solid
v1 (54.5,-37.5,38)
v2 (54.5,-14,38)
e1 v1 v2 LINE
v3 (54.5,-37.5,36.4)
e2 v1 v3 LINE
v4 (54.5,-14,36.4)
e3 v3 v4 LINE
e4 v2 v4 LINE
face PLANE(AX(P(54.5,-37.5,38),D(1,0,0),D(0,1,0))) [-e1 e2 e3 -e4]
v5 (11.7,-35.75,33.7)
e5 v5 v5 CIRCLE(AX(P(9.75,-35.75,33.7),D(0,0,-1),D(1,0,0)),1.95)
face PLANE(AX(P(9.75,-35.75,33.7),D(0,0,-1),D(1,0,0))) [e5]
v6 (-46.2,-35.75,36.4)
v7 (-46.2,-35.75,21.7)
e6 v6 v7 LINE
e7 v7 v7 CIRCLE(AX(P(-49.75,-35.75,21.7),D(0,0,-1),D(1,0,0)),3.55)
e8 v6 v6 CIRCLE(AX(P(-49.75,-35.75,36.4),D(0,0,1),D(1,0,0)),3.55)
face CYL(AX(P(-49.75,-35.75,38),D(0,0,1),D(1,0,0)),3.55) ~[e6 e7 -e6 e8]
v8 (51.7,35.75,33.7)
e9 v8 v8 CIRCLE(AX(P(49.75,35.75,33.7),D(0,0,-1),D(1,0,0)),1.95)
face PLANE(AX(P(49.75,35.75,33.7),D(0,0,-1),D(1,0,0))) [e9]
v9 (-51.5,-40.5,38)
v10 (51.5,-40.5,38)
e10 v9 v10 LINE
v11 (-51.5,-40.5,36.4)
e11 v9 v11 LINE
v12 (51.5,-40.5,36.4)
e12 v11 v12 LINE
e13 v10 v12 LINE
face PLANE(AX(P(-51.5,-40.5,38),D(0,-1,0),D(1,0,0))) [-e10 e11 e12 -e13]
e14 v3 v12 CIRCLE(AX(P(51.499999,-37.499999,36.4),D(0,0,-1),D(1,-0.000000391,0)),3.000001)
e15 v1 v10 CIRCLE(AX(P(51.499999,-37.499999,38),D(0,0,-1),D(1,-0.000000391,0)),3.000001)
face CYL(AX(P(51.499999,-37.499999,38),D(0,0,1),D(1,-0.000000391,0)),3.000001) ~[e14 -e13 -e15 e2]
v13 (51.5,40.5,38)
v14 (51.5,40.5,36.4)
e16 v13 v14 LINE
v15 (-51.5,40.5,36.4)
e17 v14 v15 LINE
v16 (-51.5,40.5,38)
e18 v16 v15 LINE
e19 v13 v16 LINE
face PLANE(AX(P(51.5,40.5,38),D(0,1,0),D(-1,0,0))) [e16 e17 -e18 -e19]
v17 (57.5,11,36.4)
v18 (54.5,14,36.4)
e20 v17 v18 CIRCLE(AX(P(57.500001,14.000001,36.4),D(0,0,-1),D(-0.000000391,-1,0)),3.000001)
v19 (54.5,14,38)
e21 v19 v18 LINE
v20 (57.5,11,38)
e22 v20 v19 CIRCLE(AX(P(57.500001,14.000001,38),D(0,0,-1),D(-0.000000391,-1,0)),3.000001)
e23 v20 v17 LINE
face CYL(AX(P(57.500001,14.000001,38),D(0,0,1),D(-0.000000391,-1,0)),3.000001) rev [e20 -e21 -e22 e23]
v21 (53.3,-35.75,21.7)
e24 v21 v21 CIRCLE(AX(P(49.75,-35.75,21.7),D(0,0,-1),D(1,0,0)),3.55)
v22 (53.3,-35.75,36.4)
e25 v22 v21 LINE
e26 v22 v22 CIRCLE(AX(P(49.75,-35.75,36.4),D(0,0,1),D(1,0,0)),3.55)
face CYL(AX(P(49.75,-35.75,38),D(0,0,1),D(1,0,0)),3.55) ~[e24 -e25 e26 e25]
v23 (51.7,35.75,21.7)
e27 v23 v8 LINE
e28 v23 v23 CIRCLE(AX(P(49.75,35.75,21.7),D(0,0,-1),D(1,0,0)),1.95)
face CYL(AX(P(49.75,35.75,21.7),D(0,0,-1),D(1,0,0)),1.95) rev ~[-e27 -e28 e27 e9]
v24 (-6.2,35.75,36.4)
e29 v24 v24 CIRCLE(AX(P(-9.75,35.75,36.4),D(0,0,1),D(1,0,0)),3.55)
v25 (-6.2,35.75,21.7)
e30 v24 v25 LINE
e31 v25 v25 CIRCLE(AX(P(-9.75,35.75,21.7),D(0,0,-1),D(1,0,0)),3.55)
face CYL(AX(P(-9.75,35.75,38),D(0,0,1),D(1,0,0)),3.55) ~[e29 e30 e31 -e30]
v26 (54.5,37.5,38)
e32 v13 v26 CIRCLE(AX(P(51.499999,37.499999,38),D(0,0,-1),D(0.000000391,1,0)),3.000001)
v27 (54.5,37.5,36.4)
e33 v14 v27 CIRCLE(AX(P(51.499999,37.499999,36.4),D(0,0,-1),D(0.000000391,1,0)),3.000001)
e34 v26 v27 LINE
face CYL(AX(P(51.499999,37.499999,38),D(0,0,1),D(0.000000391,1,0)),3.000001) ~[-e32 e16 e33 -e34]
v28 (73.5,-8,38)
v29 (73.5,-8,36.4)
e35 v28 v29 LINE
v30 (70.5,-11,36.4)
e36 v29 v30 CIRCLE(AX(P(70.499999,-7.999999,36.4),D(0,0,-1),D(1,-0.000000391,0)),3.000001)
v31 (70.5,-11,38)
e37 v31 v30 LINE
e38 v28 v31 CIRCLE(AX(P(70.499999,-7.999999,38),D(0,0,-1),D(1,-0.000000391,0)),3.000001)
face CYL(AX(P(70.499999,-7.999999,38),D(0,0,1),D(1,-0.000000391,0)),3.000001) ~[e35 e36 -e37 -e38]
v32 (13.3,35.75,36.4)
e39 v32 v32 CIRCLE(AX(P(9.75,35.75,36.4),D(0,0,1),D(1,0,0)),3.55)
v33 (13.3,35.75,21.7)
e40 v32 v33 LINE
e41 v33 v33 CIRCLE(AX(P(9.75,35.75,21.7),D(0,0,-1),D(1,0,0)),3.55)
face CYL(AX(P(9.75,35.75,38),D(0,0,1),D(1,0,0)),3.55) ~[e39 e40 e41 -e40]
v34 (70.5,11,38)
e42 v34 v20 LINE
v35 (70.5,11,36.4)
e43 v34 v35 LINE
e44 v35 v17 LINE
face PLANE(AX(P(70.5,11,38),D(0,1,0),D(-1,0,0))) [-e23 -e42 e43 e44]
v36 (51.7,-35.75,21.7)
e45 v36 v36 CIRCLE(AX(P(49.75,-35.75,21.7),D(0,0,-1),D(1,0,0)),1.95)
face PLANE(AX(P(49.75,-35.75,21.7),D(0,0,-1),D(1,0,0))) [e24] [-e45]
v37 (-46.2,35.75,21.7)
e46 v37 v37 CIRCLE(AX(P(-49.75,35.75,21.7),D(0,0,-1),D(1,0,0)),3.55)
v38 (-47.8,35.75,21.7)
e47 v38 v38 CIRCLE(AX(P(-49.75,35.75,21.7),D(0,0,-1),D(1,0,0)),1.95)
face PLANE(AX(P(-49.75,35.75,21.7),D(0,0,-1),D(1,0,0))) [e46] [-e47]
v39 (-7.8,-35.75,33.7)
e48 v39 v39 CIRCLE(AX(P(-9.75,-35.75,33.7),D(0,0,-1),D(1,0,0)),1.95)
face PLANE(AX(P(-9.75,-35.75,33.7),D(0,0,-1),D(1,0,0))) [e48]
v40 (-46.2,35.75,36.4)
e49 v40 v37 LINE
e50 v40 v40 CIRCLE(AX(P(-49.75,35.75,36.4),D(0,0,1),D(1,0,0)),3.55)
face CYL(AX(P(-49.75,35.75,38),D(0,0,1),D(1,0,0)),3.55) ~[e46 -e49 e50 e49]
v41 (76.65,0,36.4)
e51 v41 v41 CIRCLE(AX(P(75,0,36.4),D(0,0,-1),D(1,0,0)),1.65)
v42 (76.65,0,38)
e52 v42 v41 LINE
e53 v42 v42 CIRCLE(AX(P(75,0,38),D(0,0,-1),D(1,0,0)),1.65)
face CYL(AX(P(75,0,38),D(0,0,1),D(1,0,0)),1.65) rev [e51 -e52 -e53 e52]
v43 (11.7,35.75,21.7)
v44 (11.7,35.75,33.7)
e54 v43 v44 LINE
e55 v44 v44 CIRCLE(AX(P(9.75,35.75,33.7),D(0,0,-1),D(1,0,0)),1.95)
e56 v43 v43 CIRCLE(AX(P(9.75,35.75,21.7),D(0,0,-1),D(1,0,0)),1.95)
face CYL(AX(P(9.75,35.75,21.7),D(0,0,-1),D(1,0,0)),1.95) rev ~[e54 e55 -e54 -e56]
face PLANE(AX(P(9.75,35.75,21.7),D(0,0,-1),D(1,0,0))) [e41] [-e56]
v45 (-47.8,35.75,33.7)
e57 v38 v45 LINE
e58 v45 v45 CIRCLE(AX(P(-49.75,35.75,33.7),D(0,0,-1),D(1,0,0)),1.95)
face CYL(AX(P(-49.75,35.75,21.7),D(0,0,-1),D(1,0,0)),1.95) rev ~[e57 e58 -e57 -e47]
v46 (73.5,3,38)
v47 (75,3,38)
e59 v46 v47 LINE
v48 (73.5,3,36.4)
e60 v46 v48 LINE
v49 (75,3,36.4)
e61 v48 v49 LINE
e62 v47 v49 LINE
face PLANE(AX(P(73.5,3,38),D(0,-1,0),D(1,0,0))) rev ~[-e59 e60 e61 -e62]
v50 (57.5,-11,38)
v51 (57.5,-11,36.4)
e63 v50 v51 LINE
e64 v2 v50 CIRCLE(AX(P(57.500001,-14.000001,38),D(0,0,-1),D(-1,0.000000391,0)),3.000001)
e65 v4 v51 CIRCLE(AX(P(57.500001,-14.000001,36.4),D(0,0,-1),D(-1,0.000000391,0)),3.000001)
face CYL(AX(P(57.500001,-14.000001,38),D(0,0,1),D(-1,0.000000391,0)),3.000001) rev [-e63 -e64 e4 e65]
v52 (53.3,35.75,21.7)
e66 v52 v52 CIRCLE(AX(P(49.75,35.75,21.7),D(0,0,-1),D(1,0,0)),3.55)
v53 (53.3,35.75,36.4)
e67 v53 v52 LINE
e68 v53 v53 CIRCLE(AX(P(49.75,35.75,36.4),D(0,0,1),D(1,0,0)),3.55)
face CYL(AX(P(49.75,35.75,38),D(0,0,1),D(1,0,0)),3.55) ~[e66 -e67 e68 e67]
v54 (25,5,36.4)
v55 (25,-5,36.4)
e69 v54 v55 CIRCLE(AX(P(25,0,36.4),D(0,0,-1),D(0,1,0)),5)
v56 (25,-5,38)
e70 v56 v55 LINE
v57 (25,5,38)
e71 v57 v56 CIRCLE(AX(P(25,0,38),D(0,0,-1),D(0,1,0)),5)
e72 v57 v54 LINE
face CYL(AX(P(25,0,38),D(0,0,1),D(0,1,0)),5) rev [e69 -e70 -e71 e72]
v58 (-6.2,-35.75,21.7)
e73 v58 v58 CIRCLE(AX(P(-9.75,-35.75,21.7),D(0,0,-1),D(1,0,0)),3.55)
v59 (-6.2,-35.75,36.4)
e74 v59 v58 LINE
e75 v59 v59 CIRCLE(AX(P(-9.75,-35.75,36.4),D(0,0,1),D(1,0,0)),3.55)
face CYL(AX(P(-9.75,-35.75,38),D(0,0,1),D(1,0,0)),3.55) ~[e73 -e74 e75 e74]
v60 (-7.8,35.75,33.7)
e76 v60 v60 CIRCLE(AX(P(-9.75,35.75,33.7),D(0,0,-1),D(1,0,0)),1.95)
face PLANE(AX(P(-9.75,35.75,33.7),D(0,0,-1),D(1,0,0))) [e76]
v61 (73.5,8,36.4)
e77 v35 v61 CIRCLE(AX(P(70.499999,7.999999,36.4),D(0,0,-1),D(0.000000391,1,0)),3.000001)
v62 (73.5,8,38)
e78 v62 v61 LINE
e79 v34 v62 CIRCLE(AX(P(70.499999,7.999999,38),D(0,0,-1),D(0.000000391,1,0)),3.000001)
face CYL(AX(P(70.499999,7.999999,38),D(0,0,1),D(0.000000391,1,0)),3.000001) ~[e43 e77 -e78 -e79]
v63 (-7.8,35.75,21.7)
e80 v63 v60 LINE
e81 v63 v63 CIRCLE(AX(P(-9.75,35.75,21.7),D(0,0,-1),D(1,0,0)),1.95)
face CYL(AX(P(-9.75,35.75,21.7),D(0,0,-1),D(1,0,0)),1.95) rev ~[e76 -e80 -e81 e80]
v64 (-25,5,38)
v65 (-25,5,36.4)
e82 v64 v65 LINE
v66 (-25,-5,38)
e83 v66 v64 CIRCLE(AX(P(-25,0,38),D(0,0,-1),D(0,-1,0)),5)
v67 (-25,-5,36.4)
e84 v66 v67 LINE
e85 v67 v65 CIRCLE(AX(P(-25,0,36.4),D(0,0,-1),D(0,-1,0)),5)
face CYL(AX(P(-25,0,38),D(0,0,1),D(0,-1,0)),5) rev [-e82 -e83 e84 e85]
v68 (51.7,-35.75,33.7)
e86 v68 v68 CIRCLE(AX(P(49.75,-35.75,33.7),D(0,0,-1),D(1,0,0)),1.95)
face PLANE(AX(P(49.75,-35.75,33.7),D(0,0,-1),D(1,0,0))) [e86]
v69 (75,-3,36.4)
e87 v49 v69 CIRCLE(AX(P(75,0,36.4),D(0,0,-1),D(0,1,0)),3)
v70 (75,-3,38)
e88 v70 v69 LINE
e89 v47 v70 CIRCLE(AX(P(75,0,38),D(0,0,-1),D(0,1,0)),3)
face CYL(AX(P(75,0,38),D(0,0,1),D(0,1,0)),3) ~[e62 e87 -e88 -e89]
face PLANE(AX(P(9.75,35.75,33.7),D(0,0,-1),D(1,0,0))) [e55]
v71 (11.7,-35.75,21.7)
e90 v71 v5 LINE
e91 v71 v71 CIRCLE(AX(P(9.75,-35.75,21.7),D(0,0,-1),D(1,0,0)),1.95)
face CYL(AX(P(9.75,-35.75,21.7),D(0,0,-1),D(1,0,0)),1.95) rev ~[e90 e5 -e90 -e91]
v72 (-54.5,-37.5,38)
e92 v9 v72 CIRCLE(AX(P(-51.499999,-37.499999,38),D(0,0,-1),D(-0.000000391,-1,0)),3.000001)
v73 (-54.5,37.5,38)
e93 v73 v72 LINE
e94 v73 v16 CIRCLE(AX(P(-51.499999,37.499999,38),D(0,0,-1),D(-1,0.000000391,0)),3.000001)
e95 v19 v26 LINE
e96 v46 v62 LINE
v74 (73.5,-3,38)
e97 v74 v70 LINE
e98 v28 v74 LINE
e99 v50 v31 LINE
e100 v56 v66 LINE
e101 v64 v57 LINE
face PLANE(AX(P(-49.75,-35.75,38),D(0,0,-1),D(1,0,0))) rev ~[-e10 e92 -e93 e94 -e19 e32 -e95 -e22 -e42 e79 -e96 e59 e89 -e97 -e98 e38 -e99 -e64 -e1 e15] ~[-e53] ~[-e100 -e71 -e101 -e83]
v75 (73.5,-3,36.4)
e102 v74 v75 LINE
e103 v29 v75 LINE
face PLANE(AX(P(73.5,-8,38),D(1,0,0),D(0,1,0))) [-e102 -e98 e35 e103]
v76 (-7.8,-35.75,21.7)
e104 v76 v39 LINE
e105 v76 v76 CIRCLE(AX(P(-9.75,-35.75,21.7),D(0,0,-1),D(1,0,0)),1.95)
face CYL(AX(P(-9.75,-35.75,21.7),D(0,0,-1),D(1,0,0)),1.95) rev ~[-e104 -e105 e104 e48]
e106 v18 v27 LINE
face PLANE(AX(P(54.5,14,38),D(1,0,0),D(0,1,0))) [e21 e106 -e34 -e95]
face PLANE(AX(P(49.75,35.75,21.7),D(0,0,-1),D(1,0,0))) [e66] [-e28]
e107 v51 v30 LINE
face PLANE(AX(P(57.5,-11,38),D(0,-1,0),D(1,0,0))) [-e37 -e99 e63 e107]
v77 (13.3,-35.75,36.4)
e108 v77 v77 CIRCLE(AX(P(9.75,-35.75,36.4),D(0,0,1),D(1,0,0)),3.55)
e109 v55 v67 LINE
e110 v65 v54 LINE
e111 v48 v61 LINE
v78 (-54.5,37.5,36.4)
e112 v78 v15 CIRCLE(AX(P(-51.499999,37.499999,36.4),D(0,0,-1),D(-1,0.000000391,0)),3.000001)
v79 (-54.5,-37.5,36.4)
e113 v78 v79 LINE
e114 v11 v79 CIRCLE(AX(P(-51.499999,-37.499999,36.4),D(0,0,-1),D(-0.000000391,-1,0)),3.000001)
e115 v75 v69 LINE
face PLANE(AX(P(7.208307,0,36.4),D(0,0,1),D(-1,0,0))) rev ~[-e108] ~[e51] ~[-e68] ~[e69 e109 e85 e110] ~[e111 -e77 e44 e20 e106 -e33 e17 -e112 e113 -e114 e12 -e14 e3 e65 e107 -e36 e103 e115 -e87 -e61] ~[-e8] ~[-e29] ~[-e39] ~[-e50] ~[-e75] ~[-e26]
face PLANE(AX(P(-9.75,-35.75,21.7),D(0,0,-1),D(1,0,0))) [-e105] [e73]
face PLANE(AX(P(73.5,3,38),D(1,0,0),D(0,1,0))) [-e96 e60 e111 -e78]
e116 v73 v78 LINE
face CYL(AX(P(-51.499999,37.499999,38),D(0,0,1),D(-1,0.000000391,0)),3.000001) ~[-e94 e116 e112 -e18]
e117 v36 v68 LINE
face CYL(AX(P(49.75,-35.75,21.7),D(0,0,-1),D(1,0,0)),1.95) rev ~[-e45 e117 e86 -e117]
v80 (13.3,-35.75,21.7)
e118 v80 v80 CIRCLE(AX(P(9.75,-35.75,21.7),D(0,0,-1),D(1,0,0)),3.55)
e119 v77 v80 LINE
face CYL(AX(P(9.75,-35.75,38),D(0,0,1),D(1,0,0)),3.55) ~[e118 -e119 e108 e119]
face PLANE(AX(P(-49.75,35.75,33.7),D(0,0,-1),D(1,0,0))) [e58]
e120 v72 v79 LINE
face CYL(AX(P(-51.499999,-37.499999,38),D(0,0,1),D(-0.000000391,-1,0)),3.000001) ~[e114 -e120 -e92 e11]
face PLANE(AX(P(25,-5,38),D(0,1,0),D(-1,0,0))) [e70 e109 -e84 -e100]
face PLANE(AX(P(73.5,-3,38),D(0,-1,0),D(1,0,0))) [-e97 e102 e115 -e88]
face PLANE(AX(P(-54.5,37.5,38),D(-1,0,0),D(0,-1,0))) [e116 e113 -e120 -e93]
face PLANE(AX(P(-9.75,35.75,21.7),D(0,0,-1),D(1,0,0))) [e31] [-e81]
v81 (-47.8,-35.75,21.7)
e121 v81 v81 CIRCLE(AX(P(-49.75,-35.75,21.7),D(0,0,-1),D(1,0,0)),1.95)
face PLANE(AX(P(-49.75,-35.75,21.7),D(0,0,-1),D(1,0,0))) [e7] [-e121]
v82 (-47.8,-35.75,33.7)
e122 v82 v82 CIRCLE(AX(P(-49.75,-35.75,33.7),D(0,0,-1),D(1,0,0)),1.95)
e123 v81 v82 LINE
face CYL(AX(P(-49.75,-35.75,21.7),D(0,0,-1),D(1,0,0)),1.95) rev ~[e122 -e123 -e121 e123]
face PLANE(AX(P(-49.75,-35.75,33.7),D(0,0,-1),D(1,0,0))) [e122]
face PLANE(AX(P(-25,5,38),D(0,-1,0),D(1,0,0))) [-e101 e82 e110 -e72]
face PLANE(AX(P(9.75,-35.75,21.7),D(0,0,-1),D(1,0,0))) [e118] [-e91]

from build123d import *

# Parameters (mm, degrees)
SKETCH007_R             = 1.65
PAD005_DEPTH            = 1.6
SKETCH008_R             = 3.55
PAD006_DEPTH            = 16.3
SKETCH009_R             = 1.95
POCKET002_DEPTH         = 12
POCKET003_DEPTH         = 1.6
BODY002_PLACEMENT_ANGLE = 180


with BuildPart() as part:
    # Sketch007 → Pad005 (new body)
    with BuildSketch(Plane.XY):
        with BuildLine():
            Line((-51.5, 40.5), (51.5, 40.5))
            ThreePointArc((54.5, 37.5), (53.62132, 39.62132), (51.5, 40.5))
            Line((54.5, 37.5), (54.5, 14))
            ThreePointArc((54.5, 14), (55.37868, 11.87868), (57.5, 11))
            Line((57.5, 11), (70.5, 11))
            ThreePointArc((73.5, 8), (72.62132, 10.12132), (70.5, 11))
            Line((73.5, 8), (73.5, 3))
            Line((73.5, 3), (75, 3))
            ThreePointArc((75, -3), (78, 0), (75, 3))
            Line((73.5, -3), (75, -3))
            Line((73.5, -3), (73.5, -8))
            ThreePointArc((70.5, -11), (72.62132, -10.12132), (73.5, -8))
            Line((70.5, -11), (57.5, -11))
            ThreePointArc((57.5, -11), (55.37868, -11.87868), (54.5, -14))
            Line((54.5, -14), (54.5, -37.5))
            ThreePointArc((51.5, -40.5), (53.62132, -39.62132), (54.5, -37.5))
            Line((51.5, -40.5), (-51.5, -40.5))
            ThreePointArc((-54.5, -37.5), (-53.62132, -39.62132), (-51.5, -40.5))
            Line((-54.5, -37.5), (-54.5, 37.5))
            ThreePointArc((-51.5, 40.5), (-53.62132, 39.62132), (-54.5, 37.5))
        make_face()
        with Locations((75, 0)):
            Circle(SKETCH007_R, mode=Mode.SUBTRACT)
    extrude(amount=PAD005_DEPTH)

    # Sketch008 → Pad006 (join)
    with BuildSketch(Plane.XY):
        with Locations((-49.75, 35.75)):
            Circle(SKETCH008_R)
        with Locations((-9.75, 35.75)):
            Circle(SKETCH008_R)
        with Locations((9.75, 35.75)):
            Circle(SKETCH008_R)
        with Locations((49.75, 35.75)):
            Circle(SKETCH008_R)
        with Locations((49.75, -35.75)):
            Circle(SKETCH008_R)
        with Locations((9.75, -35.75)):
            Circle(SKETCH008_R)
        with Locations((-9.75, -35.75)):
            Circle(SKETCH008_R)
        with Locations((-49.75, -35.75)):
            Circle(SKETCH008_R)
    extrude(amount=PAD006_DEPTH)

    # Sketch009 (on DatumPlane) → Pocket002 (cut)
    with BuildSketch(Plane.XY.offset(16.3)):
        with Locations((-49.75, 35.75)):
            Circle(SKETCH009_R)
        with Locations((-9.75, 35.75)):
            Circle(SKETCH009_R)
        with Locations((9.75, 35.75)):
            Circle(SKETCH009_R)
        with Locations((49.75, 35.75)):
            Circle(SKETCH009_R)
        with Locations((-49.75, -35.75)):
            Circle(SKETCH009_R)
        with Locations((-9.75, -35.75)):
            Circle(SKETCH009_R)
        with Locations((9.75, -35.75)):
            Circle(SKETCH009_R)
        with Locations((49.75, -35.75)):
            Circle(SKETCH009_R)
    extrude(amount=-POCKET002_DEPTH, mode=Mode.SUBTRACT)

    # Sketch011 → Pocket003 (cut)
    with BuildSketch(Plane.XY):
        with BuildLine():
            ThreePointArc((-25, 5), (-30, 0), (-25, -5))
            Line((-25, -5), (25, -5))
            ThreePointArc((25, -5), (30, 0), (25, 5))
            Line((25, 5), (-25, 5))
        make_face()
    extrude(amount=POCKET003_DEPTH, mode=Mode.SUBTRACT)


with BuildPart() as part_1:
    # Body002 placement: moved
    add(part.part.moved(Location((0, 0, 38))).rotate(Axis((0, 0, 38), (1, 0, 0)), BODY002_PLACEMENT_ANGLE))


solid = part_1.part
